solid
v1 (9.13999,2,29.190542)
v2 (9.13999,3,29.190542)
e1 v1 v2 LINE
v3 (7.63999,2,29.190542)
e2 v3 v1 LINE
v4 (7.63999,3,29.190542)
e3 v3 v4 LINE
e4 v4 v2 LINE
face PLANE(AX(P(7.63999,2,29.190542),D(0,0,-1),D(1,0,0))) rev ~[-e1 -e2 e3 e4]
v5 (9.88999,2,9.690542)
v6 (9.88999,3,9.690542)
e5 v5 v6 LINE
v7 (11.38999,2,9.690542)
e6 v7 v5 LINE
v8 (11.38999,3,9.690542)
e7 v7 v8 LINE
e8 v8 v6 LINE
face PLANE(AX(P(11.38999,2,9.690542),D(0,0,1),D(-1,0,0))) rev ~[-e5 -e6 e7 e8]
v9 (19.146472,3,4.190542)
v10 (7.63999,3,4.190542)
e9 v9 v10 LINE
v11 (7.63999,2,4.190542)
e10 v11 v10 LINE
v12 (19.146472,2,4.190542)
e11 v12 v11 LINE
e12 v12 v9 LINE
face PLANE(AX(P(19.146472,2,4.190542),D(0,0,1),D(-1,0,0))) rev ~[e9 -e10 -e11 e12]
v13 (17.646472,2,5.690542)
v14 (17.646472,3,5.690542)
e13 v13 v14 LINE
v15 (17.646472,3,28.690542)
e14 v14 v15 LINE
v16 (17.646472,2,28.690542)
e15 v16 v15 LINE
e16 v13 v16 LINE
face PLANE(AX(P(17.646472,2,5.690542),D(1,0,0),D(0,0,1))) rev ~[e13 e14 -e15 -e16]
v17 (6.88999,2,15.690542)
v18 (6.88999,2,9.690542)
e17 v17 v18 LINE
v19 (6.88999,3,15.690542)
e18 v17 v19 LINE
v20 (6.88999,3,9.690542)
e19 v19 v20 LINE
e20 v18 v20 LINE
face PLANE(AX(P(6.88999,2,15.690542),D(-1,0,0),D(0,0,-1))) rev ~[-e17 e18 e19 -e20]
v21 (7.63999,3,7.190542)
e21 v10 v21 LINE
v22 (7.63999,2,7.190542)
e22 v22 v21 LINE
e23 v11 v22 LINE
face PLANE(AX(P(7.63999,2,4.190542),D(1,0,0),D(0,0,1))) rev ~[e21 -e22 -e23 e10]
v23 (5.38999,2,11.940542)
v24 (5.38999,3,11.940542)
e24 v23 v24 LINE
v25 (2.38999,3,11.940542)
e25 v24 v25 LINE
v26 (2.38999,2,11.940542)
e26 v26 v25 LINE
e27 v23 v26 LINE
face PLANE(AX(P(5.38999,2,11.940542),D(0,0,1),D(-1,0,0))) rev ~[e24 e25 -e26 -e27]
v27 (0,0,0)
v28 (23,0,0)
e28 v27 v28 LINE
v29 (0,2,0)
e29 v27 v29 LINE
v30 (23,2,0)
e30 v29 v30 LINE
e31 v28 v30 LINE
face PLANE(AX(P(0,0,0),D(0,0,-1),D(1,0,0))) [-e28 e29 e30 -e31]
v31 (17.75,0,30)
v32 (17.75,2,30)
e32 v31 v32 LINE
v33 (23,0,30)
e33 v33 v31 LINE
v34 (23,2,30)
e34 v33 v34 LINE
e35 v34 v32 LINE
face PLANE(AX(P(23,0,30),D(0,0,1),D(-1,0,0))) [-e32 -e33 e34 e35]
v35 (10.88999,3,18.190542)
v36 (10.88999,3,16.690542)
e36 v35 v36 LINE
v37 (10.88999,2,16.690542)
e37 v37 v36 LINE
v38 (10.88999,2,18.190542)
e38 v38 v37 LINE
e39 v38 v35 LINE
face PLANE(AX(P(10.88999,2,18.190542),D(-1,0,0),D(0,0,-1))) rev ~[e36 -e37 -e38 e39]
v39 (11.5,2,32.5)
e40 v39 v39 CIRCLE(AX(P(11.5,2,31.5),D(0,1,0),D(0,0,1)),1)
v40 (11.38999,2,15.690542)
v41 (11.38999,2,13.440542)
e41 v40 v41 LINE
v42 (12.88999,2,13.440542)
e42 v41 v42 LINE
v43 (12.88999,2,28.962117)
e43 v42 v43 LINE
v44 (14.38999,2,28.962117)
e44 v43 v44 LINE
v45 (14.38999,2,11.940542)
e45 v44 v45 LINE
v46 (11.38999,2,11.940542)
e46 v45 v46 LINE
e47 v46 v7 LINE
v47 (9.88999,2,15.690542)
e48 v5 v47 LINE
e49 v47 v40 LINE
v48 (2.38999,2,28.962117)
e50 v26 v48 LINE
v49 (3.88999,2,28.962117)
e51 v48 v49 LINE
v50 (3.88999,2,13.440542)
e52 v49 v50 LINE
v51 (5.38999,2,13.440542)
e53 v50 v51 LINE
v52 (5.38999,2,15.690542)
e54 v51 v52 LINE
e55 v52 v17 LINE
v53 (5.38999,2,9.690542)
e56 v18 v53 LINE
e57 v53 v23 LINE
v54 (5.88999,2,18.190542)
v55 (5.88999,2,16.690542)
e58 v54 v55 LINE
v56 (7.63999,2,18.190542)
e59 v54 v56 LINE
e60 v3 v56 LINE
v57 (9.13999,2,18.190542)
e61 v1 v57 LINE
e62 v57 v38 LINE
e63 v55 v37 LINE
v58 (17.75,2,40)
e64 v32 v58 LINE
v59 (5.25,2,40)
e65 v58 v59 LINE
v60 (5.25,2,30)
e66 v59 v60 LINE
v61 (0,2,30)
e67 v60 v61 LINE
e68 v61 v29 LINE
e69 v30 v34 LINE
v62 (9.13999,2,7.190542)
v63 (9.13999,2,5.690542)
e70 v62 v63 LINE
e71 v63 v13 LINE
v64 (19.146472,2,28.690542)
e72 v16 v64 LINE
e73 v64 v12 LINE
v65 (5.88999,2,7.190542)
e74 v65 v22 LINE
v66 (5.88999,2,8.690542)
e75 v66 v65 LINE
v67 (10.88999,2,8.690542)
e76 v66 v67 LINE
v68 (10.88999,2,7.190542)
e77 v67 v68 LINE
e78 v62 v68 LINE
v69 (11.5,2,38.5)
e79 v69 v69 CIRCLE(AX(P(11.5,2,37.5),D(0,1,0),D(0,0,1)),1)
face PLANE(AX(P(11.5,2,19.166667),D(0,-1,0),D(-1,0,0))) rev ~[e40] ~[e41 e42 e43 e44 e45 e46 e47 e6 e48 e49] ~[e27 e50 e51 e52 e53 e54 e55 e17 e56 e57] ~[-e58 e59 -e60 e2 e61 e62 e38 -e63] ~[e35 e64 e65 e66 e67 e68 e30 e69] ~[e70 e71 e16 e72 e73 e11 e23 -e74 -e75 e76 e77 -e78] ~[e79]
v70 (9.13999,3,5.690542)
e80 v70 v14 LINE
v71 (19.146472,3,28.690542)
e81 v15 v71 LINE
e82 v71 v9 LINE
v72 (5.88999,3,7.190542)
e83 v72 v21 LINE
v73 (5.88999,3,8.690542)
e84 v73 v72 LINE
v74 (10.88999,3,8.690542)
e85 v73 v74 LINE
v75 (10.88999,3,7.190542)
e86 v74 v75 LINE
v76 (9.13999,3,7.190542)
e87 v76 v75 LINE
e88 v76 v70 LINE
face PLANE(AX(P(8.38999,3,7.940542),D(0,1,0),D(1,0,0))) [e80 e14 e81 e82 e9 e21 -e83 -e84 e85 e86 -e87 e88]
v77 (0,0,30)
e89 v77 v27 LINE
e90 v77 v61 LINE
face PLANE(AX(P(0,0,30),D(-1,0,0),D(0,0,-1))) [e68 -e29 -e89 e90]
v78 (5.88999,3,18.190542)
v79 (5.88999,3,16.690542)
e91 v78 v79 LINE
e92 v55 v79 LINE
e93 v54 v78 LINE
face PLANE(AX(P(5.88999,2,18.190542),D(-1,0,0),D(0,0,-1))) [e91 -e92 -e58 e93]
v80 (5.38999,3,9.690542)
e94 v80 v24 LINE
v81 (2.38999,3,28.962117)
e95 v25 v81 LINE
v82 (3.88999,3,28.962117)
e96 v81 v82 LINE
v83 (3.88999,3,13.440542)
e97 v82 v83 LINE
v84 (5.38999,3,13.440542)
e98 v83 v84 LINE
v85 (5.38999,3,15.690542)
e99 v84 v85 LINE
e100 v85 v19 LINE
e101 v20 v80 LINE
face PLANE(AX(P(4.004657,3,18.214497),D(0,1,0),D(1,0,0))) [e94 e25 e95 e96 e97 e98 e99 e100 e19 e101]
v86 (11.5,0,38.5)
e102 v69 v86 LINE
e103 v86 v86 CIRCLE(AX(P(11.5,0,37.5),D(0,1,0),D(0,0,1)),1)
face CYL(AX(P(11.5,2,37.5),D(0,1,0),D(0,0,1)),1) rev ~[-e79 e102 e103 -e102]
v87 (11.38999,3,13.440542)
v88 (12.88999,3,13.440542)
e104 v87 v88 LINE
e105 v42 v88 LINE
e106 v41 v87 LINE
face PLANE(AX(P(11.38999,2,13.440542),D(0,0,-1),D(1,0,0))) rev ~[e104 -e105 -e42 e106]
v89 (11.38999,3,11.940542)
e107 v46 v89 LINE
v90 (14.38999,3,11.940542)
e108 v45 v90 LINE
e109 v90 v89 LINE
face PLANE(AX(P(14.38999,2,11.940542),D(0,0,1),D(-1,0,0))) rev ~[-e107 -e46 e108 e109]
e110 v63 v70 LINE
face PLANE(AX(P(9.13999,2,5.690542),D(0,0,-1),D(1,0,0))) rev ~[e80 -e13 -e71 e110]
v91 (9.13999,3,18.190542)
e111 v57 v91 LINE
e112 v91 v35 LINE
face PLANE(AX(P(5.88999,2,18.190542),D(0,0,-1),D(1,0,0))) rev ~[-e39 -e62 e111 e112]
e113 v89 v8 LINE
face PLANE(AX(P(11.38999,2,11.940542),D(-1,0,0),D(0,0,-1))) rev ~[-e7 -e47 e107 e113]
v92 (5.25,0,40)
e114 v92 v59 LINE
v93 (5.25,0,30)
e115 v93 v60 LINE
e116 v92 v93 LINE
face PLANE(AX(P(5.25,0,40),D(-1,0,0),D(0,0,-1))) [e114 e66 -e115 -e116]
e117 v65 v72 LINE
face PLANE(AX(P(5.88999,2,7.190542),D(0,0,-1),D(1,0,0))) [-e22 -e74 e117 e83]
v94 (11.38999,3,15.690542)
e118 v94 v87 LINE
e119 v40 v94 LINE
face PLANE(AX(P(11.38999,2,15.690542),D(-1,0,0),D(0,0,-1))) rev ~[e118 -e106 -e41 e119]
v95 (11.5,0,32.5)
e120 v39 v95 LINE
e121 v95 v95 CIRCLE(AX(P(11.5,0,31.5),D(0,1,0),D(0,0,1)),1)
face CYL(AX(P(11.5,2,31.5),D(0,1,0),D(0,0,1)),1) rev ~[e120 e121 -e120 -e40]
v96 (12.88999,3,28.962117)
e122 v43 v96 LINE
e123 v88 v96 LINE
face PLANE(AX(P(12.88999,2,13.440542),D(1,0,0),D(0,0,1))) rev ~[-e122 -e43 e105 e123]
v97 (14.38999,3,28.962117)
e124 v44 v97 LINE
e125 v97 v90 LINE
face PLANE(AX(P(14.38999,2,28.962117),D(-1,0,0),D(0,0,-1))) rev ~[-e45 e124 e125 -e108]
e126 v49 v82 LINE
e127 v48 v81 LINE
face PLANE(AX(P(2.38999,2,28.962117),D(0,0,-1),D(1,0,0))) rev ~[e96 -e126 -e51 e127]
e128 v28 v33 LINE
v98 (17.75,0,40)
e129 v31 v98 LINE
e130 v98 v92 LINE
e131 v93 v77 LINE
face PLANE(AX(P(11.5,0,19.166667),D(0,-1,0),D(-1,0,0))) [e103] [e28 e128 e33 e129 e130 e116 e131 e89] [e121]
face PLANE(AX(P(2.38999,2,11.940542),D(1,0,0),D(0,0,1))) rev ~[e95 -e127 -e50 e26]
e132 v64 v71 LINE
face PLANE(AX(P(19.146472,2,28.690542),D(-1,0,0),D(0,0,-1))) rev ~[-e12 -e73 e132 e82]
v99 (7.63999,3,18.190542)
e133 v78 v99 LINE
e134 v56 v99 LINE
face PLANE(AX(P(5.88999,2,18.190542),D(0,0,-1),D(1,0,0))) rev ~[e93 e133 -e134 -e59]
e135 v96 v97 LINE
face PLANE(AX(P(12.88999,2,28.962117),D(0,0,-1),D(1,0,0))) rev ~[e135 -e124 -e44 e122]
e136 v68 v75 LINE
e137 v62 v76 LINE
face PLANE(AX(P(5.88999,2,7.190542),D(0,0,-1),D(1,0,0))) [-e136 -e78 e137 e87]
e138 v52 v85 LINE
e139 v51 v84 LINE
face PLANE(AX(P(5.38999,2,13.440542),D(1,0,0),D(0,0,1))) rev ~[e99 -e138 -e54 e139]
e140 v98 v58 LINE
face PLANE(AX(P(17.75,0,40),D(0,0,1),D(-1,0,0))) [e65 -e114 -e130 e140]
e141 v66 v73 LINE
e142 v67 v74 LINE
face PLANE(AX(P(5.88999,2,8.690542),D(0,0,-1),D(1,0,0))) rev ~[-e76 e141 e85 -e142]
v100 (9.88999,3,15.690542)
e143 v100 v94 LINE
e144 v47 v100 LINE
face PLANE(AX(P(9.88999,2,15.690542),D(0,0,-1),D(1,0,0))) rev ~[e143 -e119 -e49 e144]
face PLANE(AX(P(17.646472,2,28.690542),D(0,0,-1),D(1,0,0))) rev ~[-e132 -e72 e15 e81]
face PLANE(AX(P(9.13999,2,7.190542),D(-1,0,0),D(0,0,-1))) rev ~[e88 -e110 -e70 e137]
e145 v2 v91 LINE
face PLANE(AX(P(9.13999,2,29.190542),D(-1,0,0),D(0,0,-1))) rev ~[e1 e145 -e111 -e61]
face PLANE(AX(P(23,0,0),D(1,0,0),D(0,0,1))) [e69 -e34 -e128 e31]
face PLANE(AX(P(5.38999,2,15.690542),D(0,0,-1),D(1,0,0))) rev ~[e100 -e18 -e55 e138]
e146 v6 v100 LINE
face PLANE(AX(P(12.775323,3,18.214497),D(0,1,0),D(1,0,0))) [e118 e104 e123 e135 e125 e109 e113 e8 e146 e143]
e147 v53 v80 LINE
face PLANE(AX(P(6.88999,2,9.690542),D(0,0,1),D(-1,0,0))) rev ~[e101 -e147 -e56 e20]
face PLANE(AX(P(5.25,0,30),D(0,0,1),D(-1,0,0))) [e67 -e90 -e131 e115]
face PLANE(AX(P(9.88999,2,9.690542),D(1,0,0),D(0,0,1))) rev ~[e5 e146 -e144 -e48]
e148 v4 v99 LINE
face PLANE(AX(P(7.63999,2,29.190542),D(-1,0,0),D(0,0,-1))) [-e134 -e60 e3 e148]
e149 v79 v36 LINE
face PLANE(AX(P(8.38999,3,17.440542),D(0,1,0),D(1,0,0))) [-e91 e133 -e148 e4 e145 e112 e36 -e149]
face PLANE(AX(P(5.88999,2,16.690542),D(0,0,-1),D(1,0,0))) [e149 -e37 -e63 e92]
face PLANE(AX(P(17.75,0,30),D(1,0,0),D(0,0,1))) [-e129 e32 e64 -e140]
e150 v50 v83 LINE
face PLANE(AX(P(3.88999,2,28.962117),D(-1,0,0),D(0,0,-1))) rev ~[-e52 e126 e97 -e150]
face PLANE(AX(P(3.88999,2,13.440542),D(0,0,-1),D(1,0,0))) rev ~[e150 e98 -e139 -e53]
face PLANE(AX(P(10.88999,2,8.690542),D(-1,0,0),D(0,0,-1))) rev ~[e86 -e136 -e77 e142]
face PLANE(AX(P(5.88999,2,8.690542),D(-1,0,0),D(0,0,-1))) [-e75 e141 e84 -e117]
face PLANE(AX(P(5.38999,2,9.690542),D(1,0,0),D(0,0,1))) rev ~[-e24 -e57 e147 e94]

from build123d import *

# Parameters (mm, degrees)
BOSS_EXTRUDE1_DEPTH = 2
SKETCH2_W           = 5
SKETCH2_H           = 1.5
BOSS_EXTRUDE2_DEPTH = 1
SKETCH3_W           = 1.5
SKETCH3_H           = 11
BOSS_EXTRUDE4_DEPTH = 1
SKETCH4_R           = 1
CUT_EXTRUDE1_DEPTH  = 47.184412955
LPATTERN1_COUNT     = 2
LPATTERN1_PITCH     = 6


with BuildPart() as part:
    # Sketch1 → Boss-Extrude1 (new body)
    with BuildSketch(Plane(origin=(0, 0, 0), x_dir=(1, 0, 0), z_dir=(0, 1, 0))):
        Polygon((5.25, -40), (5.25, -30), (0, -30), (0, 0), (23, 0), (23, -30), (17.75, -30), (17.75, -40), align=None)
    extrude(amount=BOSS_EXTRUDE1_DEPTH)

    # Sketch2 → Boss-Extrude2 (add)
    with BuildSketch(Plane(origin=(0, 2, 0), x_dir=(1, 0, 0), z_dir=(0, 1, 0))):
        Polygon((3.88999026, -13.440542412), (5.38999026, -13.440542412), (5.38999026, -15.690542412), (6.88999026, -15.690542412), (6.88999026, -9.690542412), (5.38999026, -9.690542412), (5.38999026, -11.940542412), (3.88999026, -11.940542412), (2.38999026, -11.940542412), (2.38999026, -13.440542412), (2.38999026, -28.962116838), (3.88999026, -28.962116838), align=None)
        with Locations((8.38999026, -7.940542412)):
            Rectangle(SKETCH2_W, SKETCH2_H)
        with Locations((8.38999026, -17.440542412)):
            Rectangle(SKETCH2_W, SKETCH2_H)
        Polygon((11.38999026, -9.690542412), (9.88999026, -9.690542412), (9.88999026, -15.690542412), (11.38999026, -15.690542412), (11.38999026, -13.440542412), (12.88999026, -13.440542412), (12.88999026, -28.962116838), (14.38999026, -28.962116838), (14.38999026, -13.440542412), (14.38999026, -11.940542412), (12.88999026, -11.940542412), (11.38999026, -11.940542412), align=None)
    extrude(amount=BOSS_EXTRUDE2_DEPTH)

    # Sketch3 → Boss-Extrude4 (add)
    with BuildSketch(Plane(origin=(0, 2, 0), x_dir=(1, 0, 0), z_dir=(0, 1, 0))):
        with Locations((8.38999026, -23.690542412)):
            Rectangle(SKETCH3_W, SKETCH3_H)
        Polygon((7.63999026, -4.190542412), (7.63999026, -7.190542412), (9.13999026, -7.190542412), (9.13999026, -5.690542412), (17.646471735, -5.690542412), (17.646471735, -28.690542412), (19.146471735, -28.690542412), (19.146471735, -4.190542412), align=None)
    extrude(amount=BOSS_EXTRUDE4_DEPTH)

    # Sketch4 → Cut-Extrude1 (cut, through all)
    with BuildSketch(Plane(origin=(0, 2, 0), x_dir=(1, 0, 0), z_dir=(0, 1, 0))):
        with Locations(Location((11.5, -37.5, 0), (0, 0, 270))):
            Circle(SKETCH4_R)
    cut_extrude1 = extrude(amount=-CUT_EXTRUDE1_DEPTH, mode=Mode.SUBTRACT)

    # LPattern1: Cut-Extrude1 ×2
    with Locations(*[(0, 0, -i * LPATTERN1_PITCH) for i in range(1, LPATTERN1_COUNT)]):
        add(cut_extrude1, mode=Mode.SUBTRACT)


solid = part.part
